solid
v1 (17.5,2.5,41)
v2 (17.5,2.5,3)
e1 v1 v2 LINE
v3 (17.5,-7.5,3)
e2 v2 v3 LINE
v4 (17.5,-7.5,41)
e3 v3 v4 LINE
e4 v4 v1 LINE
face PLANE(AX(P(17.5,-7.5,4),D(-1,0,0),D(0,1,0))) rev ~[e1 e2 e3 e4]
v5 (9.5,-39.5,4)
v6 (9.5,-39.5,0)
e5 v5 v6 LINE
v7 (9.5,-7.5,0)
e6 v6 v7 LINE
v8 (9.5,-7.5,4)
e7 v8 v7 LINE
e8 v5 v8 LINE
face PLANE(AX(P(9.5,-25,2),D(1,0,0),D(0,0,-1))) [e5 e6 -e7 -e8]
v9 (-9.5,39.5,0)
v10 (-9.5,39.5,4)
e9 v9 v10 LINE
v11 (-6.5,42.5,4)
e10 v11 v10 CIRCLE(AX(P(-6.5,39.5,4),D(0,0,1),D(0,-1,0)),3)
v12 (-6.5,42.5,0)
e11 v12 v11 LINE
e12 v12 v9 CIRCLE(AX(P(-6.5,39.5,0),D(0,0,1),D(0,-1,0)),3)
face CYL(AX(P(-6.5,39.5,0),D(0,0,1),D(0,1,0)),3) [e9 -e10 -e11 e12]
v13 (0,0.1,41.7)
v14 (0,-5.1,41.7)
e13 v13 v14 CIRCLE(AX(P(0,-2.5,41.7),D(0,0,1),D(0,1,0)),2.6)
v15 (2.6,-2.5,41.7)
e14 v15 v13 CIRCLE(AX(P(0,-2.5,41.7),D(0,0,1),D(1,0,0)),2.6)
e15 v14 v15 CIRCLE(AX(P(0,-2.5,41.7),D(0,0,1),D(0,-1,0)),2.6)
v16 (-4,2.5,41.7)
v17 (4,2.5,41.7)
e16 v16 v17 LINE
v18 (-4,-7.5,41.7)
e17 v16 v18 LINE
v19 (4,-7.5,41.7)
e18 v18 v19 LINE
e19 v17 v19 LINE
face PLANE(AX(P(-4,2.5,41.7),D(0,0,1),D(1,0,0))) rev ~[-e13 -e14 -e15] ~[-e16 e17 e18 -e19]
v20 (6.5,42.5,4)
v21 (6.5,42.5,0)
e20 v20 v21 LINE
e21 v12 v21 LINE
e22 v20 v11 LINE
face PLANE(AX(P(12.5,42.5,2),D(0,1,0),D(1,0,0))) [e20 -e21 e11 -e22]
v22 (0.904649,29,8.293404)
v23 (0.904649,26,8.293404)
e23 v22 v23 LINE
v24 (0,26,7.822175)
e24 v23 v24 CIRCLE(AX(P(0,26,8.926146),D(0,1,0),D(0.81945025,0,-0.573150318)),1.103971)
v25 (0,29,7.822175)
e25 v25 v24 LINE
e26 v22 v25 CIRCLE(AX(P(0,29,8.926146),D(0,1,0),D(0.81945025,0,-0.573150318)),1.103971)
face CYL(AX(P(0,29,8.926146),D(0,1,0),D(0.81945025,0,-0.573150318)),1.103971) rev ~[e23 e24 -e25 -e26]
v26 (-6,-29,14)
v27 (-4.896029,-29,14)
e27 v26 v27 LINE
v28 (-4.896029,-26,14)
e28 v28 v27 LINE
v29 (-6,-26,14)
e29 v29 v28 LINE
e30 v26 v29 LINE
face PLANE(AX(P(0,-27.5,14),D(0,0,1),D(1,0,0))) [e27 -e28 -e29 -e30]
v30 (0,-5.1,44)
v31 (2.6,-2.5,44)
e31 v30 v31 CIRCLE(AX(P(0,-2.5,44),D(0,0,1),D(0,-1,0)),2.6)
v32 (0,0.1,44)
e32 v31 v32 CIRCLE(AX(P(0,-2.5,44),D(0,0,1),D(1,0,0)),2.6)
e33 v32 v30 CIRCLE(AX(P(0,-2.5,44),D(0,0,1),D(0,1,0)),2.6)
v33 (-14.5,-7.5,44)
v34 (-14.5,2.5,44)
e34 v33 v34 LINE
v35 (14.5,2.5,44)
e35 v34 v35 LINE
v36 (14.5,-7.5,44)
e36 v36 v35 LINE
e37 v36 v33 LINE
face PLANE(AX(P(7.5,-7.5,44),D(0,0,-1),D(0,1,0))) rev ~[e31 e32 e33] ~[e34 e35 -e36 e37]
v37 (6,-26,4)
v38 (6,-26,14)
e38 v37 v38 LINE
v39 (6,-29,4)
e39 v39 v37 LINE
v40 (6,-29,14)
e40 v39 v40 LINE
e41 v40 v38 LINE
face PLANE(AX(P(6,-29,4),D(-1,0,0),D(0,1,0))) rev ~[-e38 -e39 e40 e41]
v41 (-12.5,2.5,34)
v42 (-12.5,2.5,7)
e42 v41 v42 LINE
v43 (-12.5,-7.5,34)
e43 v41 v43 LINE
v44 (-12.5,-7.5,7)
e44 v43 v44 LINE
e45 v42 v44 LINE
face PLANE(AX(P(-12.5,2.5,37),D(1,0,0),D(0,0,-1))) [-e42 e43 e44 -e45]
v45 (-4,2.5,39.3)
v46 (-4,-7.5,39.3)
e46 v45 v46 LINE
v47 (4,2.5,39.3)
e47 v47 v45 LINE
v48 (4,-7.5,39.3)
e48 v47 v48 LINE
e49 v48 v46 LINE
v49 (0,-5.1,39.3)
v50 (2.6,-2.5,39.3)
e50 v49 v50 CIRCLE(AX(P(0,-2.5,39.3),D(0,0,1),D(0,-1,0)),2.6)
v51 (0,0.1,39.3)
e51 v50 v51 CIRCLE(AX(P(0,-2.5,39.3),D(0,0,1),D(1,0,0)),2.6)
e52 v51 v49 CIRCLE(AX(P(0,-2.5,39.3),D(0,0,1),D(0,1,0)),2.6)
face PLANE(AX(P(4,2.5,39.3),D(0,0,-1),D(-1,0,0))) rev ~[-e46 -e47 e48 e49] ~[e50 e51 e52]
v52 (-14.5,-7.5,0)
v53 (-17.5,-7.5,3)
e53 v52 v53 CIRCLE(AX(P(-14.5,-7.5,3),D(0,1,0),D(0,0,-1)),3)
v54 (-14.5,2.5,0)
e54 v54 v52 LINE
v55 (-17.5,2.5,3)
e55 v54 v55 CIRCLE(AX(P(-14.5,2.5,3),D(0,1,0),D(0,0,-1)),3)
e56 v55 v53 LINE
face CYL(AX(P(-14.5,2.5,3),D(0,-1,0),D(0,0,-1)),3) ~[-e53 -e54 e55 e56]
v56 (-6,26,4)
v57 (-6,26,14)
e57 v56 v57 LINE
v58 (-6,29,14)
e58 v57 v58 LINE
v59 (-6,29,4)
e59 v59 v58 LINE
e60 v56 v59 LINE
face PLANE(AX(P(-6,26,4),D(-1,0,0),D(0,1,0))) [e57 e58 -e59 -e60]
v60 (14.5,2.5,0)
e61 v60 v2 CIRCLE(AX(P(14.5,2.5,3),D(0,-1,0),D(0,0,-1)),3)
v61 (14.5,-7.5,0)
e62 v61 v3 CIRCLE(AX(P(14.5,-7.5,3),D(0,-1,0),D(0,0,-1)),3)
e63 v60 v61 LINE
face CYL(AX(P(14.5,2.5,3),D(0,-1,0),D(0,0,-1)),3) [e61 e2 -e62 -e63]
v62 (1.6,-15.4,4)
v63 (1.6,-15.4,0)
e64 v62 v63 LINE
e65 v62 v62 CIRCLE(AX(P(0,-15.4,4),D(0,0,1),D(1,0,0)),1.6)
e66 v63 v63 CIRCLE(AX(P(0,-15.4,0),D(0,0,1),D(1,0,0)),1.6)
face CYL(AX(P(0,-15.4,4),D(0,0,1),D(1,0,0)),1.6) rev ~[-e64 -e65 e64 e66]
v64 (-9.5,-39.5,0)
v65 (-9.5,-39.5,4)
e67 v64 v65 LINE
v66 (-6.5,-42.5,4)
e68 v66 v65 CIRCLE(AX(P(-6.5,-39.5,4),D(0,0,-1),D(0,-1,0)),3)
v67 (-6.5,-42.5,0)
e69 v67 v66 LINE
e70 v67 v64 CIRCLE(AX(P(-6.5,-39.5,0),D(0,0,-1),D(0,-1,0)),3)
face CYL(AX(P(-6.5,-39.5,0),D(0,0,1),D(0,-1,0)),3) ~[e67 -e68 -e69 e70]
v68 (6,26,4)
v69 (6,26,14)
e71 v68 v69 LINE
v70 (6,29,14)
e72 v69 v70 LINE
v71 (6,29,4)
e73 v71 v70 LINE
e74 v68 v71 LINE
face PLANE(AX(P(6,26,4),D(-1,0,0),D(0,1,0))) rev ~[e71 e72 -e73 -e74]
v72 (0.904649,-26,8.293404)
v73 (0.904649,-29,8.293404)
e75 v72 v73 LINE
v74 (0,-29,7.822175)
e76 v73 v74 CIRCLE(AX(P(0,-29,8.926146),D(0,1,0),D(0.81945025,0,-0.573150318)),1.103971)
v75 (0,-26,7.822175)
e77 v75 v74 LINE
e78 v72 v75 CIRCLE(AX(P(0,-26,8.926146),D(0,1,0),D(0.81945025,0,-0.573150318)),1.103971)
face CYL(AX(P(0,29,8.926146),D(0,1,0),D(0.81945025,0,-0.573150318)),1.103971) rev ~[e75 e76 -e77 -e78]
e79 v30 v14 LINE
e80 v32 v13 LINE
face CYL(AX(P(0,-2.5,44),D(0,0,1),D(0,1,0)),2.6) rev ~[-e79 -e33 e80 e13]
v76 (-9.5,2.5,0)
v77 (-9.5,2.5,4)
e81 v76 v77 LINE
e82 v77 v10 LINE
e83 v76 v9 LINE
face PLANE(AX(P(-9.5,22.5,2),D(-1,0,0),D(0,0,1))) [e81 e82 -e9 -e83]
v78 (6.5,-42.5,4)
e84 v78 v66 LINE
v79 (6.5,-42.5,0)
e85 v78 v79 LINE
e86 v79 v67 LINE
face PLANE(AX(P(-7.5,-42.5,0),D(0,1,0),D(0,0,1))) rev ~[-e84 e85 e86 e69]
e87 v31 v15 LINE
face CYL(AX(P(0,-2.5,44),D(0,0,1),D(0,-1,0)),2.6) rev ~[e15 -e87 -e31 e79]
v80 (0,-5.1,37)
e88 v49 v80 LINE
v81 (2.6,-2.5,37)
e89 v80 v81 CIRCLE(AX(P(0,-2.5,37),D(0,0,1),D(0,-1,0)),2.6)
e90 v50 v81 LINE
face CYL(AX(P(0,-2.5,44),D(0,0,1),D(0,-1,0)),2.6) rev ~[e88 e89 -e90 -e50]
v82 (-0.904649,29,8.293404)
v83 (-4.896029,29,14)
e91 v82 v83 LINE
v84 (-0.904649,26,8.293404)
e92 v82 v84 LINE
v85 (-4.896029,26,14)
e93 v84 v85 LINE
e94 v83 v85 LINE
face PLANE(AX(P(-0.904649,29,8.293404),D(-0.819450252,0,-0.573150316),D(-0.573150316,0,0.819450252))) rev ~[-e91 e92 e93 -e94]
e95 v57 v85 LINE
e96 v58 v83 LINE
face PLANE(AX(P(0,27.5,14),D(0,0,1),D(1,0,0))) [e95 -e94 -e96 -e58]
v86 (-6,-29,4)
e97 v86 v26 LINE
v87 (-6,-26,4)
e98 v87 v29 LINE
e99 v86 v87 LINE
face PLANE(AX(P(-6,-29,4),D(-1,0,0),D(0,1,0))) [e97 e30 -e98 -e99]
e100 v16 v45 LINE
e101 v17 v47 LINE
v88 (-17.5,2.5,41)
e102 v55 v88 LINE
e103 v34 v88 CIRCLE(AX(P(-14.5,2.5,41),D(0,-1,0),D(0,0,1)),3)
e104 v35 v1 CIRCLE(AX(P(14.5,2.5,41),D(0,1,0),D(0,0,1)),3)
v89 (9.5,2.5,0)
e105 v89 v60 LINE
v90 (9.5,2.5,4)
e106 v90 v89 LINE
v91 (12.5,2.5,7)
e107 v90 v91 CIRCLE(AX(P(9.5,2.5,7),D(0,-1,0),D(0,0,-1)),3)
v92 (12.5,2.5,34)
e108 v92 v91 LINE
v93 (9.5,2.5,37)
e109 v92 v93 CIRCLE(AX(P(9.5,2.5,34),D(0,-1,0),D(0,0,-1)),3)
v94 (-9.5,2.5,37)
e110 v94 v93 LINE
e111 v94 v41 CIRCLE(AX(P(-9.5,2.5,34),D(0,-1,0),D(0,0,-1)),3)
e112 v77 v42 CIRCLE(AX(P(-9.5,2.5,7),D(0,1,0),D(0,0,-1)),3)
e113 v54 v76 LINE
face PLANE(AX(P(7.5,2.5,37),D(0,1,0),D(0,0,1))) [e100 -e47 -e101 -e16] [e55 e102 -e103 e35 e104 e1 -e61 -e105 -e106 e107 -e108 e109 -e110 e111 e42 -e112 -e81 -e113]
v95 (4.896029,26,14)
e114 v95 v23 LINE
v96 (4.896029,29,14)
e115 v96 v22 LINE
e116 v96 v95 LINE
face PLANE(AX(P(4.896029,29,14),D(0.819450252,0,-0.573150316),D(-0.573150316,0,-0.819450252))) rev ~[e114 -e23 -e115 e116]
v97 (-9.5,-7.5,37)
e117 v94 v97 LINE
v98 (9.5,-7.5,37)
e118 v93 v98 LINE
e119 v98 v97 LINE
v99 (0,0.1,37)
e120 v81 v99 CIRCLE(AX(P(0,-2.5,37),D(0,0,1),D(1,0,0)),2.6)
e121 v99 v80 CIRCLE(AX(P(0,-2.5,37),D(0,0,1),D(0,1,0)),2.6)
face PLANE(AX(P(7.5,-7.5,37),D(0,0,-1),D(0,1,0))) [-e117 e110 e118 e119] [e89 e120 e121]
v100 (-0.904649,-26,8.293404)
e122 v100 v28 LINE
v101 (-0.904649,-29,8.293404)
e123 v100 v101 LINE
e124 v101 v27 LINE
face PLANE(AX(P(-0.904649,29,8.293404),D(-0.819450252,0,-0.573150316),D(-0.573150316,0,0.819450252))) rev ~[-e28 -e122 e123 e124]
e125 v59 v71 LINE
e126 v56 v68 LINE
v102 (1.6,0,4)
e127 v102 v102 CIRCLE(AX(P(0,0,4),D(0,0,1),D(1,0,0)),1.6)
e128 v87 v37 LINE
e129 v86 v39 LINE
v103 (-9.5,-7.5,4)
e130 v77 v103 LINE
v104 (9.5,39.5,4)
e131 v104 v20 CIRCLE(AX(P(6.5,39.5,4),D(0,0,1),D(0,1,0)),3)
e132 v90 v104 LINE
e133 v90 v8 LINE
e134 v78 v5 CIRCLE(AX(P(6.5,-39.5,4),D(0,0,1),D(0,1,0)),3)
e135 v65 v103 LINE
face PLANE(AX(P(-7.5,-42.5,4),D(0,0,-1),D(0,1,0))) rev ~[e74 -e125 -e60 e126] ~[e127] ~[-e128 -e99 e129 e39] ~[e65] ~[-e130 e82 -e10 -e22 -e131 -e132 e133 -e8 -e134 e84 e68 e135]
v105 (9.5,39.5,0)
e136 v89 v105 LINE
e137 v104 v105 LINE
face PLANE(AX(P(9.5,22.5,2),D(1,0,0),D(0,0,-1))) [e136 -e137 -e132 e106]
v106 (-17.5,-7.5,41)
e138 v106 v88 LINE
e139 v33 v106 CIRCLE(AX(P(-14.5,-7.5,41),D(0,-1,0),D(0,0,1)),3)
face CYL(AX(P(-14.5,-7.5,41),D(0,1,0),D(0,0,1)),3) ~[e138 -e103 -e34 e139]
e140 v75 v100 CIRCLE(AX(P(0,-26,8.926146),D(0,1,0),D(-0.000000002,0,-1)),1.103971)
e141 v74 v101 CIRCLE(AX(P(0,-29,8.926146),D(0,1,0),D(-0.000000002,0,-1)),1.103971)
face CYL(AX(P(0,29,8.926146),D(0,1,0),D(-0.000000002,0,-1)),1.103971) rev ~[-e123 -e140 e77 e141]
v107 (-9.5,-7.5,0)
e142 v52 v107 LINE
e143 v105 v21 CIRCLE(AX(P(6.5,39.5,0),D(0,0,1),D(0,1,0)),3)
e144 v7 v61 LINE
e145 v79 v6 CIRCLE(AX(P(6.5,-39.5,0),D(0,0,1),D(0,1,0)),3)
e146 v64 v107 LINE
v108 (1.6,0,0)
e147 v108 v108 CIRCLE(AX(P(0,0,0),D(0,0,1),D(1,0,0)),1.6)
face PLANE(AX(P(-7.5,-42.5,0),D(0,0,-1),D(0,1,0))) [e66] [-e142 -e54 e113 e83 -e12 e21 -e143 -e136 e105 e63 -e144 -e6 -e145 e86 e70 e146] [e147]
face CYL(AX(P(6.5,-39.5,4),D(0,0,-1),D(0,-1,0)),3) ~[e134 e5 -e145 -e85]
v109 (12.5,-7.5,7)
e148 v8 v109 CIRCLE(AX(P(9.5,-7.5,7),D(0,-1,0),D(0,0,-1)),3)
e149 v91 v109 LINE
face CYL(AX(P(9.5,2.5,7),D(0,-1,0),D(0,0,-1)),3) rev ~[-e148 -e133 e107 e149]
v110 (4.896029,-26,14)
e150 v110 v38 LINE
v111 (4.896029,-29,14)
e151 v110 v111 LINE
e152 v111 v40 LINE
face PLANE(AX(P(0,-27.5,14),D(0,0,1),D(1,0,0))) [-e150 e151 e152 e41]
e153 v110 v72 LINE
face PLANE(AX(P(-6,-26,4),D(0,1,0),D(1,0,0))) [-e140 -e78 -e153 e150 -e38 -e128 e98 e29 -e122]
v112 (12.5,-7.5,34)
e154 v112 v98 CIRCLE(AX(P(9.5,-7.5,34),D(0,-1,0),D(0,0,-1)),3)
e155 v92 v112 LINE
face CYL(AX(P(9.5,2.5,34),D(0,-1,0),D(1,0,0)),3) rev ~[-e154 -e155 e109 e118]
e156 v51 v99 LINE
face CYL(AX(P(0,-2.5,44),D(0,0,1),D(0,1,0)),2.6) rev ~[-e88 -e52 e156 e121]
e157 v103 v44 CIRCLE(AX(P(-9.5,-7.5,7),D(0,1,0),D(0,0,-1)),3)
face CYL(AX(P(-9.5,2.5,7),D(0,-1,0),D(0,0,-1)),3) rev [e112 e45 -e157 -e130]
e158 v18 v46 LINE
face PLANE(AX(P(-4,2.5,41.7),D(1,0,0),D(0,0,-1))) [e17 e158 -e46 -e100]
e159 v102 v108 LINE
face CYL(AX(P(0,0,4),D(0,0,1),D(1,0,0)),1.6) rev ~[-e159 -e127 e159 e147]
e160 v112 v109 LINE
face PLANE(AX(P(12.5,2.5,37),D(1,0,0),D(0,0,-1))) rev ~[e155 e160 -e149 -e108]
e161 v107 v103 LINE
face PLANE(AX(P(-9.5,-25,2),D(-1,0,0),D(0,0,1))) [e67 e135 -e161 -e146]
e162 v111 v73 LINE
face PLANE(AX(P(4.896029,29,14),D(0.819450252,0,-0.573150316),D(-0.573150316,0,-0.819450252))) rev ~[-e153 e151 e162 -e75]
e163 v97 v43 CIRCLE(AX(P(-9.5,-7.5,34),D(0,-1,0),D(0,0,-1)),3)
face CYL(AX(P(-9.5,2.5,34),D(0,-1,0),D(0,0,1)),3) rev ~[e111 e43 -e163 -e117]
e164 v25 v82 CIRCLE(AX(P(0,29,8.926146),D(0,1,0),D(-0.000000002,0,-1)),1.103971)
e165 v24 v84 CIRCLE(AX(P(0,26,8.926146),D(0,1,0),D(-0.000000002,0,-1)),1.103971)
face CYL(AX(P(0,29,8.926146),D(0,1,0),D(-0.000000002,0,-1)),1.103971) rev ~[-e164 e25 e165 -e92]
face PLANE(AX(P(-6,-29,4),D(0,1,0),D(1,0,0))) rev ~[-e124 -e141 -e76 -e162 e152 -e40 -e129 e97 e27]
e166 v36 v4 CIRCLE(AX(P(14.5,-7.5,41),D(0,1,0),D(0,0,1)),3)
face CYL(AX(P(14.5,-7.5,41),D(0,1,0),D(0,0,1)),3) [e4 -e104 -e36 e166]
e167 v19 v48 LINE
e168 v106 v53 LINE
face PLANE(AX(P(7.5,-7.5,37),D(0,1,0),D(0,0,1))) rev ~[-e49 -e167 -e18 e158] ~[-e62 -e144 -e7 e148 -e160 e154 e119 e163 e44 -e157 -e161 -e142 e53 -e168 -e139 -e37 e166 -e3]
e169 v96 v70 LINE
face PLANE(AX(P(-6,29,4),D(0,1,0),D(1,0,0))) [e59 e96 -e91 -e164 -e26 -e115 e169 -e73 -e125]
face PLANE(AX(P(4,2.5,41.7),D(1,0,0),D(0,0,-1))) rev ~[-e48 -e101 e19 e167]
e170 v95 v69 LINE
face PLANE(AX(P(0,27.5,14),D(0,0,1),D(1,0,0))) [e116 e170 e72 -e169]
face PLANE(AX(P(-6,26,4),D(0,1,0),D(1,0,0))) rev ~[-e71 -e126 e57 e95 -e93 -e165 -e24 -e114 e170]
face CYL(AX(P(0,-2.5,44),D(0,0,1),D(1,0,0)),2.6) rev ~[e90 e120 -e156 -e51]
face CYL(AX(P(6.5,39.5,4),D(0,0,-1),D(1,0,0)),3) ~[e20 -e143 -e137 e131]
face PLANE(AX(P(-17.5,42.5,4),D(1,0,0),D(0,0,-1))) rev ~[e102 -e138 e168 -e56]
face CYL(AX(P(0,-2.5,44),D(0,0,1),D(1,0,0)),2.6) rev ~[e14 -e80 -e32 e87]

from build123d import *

# Parameters (mm, degrees)
SKETCH1_W           = 15
SKETCH1_H           = 85
BOSS_EXTRUDE1_DEPTH = 4
SKETCH2_W           = 12
SKETCH2_H           = 3
BOSS_EXTRUDE2_DEPTH = 10
CUT_EXTRUDE1_DEPTH  = 60
SKETCH4_R           = 1.6
CUT_EXTRUDE2_DEPTH  = 4
SKETCH5_W           = 10
SKETCH5_H           = 4
BOSS_EXTRUDE3_DEPTH = 50
SKETCH8_W           = 10
SKETCH8_H           = 40
CUT_EXTRUDE3_DEPTH  = 4
SKETCH10_W          = 10
SKETCH10_H          = 10
BOSS_EXTRUDE4_DEPTH = 40
SKETCH11_W          = 7
SKETCH11_H          = 10
BOSS_EXTRUDE5_DEPTH = 15
SKETCH13_W          = 5
SKETCH13_H          = 33
CUT_EXTRUDE4_DEPTH  = 10
CUT_EXTRUDE6_DEPTH  = 7
SKETCH17_W          = 4
SKETCH17_H          = 35
SKETCH17_H_2        = 40
BOSS_EXTRUDE6_DEPTH = 2
SKETCH18_W          = 4
SKETCH18_H          = 35
SKETCH18_H_2        = 40
BOSS_EXTRUDE7_DEPTH = 2
FILLET2_R           = 3
SKETCH19_W          = 4
SKETCH19_H          = 2.4
CUT_EXTRUDE7_DEPTH  = 10


with BuildPart() as part:
    # Sketch1 → Boss-Extrude1 (new body)
    with BuildSketch(Plane.XY):
        Rectangle(SKETCH1_W, SKETCH1_H)
    extrude(amount=BOSS_EXTRUDE1_DEPTH)

    # Sketch2 → Boss-Extrude2 (add)
    with BuildSketch(Plane.XY.offset(4)):
        with Locations((0, 27.5)):
            Rectangle(SKETCH2_W, SKETCH2_H)
        with Locations((0, -27.5)):
            Rectangle(SKETCH2_W, SKETCH2_H)
    extrude(amount=BOSS_EXTRUDE2_DEPTH)

    # Sketch3 → Cut-Extrude1 (cut)
    with BuildSketch(Plane(origin=(0, 29, 0), x_dir=(1, 0, 0), z_dir=(0, 1, 0))):
        with BuildLine():
            Line((0, -7.82217465), (0, -14))
            Line((0, -14), (4.896029025, -14))
            Line((4.896029025, -14), (0.904649293, -8.293404311))
            ThreePointArc((0.904649293, -8.293404311), (0.5100117, -7.947044007), (0, -7.82217465))
        make_face()
        with BuildLine():
            Line((-4.896029025, -14), (0, -14))
            Line((0, -14), (0, -7.82217465))
            ThreePointArc((0, -7.82217465), (-0.5100117, -7.947044007), (-0.904649293, -8.293404311))
            Line((-0.904649293, -8.293404311), (-4.896029025, -14))
        make_face()
    extrude(amount=-CUT_EXTRUDE1_DEPTH, mode=Mode.SUBTRACT)

    # Sketch4 → Cut-Extrude2 (cut)
    with BuildSketch(Plane.XY.offset(4)):
        with Locations((0, -15.4)):
            Circle(SKETCH4_R)
        Circle(SKETCH4_R)
    extrude(amount=-CUT_EXTRUDE2_DEPTH, mode=Mode.SUBTRACT)

    # Sketch5 → Boss-Extrude3 (add)
    with BuildSketch(Plane(origin=(0, 42.5, 0), x_dir=(1, 0, 0), z_dir=(0, 1, 0))):
        with Locations((12.5, -2)):
            Rectangle(SKETCH5_W, SKETCH5_H)
        with Locations((-12.5, -2)):
            Rectangle(SKETCH5_W, SKETCH5_H)
    extrude(amount=-BOSS_EXTRUDE3_DEPTH)

    # Sketch8 → Cut-Extrude3 (cut)
    with BuildSketch(Plane.XY.offset(4)):
        with Locations((12.5, 22.5)):
            Rectangle(SKETCH8_W, SKETCH8_H)
        with Locations((-12.5, 22.5)):
            Rectangle(SKETCH8_W, SKETCH8_H)
    extrude(amount=-CUT_EXTRUDE3_DEPTH, mode=Mode.SUBTRACT)

    # Sketch10 → Boss-Extrude4 (add)
    with BuildSketch(Plane.XY.offset(4)):
        with Locations((12.5, -2.5)):
            Rectangle(SKETCH10_W, SKETCH10_H)
        with Locations((-12.5, -2.5)):
            Rectangle(SKETCH10_W, SKETCH10_H)
    extrude(amount=BOSS_EXTRUDE4_DEPTH)

    # Sketch11 → Boss-Extrude5 (add)
    with BuildSketch(Plane.ZY.offset(-7.5)):
        with Locations((40.5, -2.5)):
            Rectangle(SKETCH11_W, SKETCH11_H)
    extrude(amount=BOSS_EXTRUDE5_DEPTH)

    # Sketch13 → Cut-Extrude4 (cut)
    with BuildSketch(Plane(origin=(0, 2.5, 0), x_dir=(1, 0, 0), z_dir=(0, 1, 0))):
        with Locations((-10, -20.5)):
            Rectangle(SKETCH13_W, SKETCH13_H)
        with Locations((10, -20.5)):
            Rectangle(SKETCH13_W, SKETCH13_H)
    extrude(amount=-CUT_EXTRUDE4_DEPTH, mode=Mode.SUBTRACT)

    # Sketch14 → Cut-Extrude6 (cut)
    with BuildSketch(Plane.XY.offset(44)):
        with BuildLine():
            ThreePointArc((0, 0.1), (-2.6, -2.5), (0, -5.1))
            Line((0, -5.1), (0, 0.1))
        make_face()
        with BuildLine():
            Line((0, 0.1), (0, -5.1))
            ThreePointArc((0, -5.1), (1.838477631, -4.338477631), (2.6, -2.5))
            ThreePointArc((2.6, -2.5), (1.838477631, -0.661522369), (0, 0.1))
        make_face()
    extrude(amount=-CUT_EXTRUDE6_DEPTH, mode=Mode.SUBTRACT)

    # Sketch17 → Boss-Extrude6 (add)
    with BuildSketch(Plane(origin=(7.5, 0, 0), x_dir=(0, 0, -1), z_dir=(1, 0, 0))):
        with Locations((-2, -25)):
            Rectangle(SKETCH17_W, SKETCH17_H)
        with Locations((-2, 22.5)):
            Rectangle(SKETCH17_W, SKETCH17_H_2)
    extrude(amount=BOSS_EXTRUDE6_DEPTH)

    # Sketch18 → Boss-Extrude7 (add)
    with BuildSketch(Plane.ZY.offset(7.5)):
        with Locations((2, -25)):
            Rectangle(SKETCH18_W, SKETCH18_H)
        with Locations((2, 22.5)):
            Rectangle(SKETCH18_W, SKETCH18_H_2)
    extrude(amount=BOSS_EXTRUDE7_DEPTH)

    # Fillet2
    fillet2_edges = [part.edges().sort_by_distance(p)[0] for p in [
        (9.5, -42.5, 2),
        (-9.5, -42.5, 2),
        (9.5, 42.5, 2),
        (-9.5, 42.5, 2),
        (-17.5, -2.5, 0),
        (17.5, -2.5, 44),
        (17.5, -2.5, 0),
        (-17.5, -2.5, 44),
        (12.5, -2.5, 37),
        (-12.5, -2.5, 37),
        (12.5, -2.5, 4),
        (-12.5, -2.5, 4),
    ]]
    fillet(fillet2_edges, radius=FILLET2_R)

    # Sketch19 → Cut-Extrude7 (cut)
    with BuildSketch(Plane(origin=(0, 2.5, 0), x_dir=(1, 0, 0), z_dir=(0, 1, 0))):
        with Locations((-2, -40.5)):
            Rectangle(SKETCH19_W, SKETCH19_H)
        with Locations((2, -40.5)):
            Rectangle(SKETCH19_W, SKETCH19_H)
    extrude(amount=-CUT_EXTRUDE7_DEPTH, mode=Mode.SUBTRACT)


solid = part.part
